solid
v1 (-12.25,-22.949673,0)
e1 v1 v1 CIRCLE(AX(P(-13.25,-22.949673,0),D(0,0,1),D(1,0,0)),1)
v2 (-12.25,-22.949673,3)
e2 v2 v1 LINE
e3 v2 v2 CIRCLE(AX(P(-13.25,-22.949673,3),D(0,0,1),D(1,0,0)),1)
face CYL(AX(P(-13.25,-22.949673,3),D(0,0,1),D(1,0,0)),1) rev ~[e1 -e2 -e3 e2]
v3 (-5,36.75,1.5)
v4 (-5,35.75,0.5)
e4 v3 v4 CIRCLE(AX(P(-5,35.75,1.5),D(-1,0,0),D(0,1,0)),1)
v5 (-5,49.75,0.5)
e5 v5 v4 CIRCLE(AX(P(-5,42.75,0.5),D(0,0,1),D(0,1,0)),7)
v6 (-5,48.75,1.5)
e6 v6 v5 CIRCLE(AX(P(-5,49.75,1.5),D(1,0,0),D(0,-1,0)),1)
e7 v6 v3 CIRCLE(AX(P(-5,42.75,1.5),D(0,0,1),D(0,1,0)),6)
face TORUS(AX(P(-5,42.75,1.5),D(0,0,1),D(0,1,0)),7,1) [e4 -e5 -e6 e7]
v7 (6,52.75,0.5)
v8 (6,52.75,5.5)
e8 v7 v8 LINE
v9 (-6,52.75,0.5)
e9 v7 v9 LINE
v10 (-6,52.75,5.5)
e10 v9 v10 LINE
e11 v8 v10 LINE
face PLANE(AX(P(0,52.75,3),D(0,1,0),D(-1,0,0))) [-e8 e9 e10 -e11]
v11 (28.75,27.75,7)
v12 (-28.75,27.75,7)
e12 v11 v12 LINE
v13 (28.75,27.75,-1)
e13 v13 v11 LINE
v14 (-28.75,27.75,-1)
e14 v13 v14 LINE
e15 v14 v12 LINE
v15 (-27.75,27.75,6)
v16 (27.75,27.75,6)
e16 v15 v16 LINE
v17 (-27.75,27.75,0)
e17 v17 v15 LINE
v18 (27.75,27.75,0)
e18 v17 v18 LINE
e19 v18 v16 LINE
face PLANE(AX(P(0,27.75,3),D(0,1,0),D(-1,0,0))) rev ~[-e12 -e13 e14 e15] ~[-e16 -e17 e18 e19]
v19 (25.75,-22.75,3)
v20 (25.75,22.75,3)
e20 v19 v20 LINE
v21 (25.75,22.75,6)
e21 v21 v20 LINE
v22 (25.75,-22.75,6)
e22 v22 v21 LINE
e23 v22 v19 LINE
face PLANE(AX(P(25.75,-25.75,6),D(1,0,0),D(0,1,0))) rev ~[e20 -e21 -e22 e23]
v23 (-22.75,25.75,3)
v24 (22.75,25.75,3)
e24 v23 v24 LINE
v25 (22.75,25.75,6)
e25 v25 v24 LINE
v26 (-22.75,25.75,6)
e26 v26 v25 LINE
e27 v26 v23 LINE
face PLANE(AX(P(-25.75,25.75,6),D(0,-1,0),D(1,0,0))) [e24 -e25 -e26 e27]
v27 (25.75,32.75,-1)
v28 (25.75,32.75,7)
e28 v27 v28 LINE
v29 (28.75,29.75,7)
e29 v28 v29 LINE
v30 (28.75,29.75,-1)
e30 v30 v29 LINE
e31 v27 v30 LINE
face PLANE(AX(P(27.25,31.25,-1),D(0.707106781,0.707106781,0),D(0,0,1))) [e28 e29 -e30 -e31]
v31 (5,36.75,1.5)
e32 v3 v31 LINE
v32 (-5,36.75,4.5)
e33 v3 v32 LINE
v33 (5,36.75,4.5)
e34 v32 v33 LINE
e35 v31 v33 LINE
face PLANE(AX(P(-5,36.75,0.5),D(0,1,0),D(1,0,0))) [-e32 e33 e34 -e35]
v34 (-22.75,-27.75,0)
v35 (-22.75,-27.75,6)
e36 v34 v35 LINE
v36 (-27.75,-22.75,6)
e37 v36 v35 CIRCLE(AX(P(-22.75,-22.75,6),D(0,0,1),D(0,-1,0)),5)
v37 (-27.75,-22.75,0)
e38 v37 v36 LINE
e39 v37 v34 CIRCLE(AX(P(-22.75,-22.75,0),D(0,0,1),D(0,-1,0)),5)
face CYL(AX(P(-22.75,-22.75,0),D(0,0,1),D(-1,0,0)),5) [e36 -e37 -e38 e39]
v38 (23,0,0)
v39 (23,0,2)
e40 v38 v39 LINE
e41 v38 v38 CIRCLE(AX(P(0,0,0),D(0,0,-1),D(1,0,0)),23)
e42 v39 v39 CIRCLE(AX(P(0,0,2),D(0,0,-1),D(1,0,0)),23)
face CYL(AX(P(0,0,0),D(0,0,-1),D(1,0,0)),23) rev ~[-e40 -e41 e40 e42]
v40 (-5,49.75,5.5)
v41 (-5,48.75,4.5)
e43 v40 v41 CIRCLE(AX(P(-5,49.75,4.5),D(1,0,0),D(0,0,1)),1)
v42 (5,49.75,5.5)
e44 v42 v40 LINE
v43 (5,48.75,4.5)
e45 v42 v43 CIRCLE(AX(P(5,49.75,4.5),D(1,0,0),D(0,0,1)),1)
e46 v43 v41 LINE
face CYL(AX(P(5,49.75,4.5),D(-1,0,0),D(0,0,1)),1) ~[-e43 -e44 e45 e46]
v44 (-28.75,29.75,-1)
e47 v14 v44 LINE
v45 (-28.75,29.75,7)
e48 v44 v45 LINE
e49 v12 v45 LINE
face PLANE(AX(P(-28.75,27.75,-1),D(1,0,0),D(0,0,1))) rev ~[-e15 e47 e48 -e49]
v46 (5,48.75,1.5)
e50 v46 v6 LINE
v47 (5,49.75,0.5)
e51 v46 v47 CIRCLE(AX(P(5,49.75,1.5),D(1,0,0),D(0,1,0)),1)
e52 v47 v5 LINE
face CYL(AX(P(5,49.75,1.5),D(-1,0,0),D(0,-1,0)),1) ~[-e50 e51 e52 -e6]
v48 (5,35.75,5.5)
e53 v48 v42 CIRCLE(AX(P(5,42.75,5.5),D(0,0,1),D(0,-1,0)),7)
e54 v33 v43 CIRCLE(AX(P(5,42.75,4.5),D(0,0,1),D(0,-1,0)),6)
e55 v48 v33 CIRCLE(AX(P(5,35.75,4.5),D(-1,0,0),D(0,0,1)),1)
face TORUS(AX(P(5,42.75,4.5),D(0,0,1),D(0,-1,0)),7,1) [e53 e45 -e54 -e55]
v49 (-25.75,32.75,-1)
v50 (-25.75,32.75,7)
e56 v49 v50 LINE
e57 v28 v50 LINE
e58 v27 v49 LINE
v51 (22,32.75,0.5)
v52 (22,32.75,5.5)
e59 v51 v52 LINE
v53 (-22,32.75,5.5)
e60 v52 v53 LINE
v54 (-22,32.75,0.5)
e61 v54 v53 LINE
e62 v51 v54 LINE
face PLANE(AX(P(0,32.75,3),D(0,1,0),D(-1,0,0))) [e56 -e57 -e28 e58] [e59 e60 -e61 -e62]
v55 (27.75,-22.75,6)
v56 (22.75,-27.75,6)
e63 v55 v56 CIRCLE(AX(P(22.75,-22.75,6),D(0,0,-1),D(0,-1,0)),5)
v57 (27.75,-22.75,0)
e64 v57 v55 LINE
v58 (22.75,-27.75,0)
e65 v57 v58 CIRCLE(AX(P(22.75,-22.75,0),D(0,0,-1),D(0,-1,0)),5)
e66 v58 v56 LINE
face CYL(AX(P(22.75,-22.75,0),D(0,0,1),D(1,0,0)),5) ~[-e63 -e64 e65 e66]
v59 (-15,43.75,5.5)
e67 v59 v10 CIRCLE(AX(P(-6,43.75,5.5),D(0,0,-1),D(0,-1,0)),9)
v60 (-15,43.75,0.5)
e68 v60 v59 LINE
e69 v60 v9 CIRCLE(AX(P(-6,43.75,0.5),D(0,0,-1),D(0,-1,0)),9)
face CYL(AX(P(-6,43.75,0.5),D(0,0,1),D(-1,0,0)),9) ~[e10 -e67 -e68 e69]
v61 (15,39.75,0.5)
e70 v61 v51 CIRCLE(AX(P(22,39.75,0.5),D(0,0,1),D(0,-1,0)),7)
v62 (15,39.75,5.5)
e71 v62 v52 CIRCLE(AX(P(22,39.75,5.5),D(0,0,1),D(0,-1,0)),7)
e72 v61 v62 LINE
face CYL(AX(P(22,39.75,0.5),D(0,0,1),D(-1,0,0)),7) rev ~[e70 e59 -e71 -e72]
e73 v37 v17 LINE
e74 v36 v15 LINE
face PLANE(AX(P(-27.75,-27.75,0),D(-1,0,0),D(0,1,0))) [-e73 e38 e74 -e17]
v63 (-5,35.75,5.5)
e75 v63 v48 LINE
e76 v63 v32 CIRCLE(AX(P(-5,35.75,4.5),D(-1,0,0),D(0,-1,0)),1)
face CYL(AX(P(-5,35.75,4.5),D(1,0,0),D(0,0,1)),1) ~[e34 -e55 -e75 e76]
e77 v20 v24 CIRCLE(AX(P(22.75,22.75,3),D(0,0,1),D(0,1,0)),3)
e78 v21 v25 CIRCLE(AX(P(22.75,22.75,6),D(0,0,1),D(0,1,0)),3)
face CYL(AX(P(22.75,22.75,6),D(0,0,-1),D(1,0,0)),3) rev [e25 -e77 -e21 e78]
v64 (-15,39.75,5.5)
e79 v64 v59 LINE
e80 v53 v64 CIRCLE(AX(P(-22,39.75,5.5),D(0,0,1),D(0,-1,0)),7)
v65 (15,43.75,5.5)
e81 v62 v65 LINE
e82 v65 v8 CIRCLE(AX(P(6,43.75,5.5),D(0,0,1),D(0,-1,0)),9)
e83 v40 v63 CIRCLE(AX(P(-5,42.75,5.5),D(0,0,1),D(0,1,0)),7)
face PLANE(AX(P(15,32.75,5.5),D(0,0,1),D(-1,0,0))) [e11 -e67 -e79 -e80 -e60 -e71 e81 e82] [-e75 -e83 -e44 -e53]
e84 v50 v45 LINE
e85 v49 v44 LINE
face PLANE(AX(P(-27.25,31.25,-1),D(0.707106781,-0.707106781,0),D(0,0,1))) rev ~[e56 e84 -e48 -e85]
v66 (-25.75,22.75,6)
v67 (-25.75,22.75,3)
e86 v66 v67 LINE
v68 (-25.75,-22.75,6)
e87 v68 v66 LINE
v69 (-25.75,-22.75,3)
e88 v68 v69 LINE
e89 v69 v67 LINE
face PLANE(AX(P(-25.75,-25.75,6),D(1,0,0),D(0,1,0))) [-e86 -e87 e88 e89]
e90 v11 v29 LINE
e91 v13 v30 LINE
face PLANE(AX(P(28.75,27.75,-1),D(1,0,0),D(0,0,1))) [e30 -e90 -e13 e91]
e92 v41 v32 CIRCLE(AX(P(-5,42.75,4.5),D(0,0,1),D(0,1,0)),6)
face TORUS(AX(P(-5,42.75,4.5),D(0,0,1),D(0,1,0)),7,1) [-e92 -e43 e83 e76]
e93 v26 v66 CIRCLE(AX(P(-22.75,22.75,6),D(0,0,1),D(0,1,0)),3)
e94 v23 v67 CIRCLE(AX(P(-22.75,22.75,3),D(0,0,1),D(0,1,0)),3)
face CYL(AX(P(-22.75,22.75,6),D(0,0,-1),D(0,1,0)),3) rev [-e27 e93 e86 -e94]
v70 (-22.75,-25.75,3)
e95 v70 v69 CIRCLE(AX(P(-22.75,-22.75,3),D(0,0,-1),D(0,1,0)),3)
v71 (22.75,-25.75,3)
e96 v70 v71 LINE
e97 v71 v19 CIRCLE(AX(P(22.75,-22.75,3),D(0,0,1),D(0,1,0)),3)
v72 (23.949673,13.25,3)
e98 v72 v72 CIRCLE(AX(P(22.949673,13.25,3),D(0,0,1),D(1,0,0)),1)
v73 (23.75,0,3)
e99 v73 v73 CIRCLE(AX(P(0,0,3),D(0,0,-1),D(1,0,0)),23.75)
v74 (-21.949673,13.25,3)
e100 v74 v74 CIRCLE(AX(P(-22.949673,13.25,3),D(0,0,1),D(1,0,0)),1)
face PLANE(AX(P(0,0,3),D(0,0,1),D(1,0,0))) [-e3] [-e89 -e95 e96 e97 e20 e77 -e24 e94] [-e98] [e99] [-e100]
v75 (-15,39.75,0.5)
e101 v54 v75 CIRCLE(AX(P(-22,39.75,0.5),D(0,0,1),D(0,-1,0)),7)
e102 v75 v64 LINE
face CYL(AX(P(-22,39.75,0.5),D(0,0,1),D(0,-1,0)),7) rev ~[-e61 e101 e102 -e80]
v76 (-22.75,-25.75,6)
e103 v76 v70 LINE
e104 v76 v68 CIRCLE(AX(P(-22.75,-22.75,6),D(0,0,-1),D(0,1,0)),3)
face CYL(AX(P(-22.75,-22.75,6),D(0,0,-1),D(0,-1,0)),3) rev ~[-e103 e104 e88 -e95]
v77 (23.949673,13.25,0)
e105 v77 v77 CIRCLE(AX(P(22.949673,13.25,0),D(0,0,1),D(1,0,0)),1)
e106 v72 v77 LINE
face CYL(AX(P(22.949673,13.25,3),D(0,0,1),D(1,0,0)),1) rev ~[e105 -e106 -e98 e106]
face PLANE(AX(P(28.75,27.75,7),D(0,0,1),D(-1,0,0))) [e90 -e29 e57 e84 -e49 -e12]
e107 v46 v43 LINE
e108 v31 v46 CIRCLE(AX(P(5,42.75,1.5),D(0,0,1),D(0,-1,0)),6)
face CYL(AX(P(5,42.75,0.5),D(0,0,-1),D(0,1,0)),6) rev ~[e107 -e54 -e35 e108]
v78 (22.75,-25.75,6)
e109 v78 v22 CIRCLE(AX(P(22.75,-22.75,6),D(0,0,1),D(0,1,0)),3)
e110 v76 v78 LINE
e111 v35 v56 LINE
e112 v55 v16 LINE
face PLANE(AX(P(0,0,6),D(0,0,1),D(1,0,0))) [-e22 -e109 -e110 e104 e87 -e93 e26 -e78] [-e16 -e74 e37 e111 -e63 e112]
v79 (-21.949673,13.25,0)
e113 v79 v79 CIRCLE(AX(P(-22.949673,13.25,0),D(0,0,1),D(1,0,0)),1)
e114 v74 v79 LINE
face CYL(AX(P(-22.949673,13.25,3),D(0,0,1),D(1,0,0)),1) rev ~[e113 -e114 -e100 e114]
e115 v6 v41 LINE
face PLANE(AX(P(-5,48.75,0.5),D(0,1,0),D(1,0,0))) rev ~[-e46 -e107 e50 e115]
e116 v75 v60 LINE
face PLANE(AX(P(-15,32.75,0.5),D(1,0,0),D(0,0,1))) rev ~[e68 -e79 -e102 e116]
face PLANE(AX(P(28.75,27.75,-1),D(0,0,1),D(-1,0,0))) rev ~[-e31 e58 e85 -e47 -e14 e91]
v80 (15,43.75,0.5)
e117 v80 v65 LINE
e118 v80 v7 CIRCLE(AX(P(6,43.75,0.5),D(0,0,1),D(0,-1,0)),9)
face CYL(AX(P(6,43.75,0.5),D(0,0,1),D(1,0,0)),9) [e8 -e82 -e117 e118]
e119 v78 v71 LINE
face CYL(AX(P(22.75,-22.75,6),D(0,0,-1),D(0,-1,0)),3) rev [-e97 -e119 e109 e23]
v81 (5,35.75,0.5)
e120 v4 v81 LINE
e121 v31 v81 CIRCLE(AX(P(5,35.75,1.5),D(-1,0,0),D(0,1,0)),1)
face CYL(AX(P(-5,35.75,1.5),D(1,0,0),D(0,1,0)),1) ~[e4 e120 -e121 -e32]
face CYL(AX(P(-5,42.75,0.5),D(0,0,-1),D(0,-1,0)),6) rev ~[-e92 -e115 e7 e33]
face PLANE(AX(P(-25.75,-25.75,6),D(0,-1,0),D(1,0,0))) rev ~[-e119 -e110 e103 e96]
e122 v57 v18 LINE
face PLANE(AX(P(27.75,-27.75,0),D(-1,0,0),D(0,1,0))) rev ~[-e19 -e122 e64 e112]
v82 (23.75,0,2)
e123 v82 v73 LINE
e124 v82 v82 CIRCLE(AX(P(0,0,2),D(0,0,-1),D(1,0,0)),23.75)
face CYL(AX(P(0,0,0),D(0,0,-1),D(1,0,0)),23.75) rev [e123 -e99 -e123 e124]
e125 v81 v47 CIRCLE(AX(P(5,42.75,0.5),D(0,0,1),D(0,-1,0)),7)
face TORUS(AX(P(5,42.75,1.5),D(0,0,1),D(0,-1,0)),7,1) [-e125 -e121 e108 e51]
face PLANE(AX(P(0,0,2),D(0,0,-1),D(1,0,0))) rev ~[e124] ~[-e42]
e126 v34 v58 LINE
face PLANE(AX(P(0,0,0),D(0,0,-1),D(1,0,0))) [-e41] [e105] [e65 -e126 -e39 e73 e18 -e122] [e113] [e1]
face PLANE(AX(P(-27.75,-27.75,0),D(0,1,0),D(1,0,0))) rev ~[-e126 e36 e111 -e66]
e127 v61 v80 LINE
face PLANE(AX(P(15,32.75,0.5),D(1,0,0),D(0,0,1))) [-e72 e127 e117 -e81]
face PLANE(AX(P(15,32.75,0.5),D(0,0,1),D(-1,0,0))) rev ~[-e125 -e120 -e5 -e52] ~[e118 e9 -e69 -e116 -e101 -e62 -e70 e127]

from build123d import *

# Parameters (mm, degrees)
SKETCH_W        = 55.5
SKETCH_H        = 55.5
SKETCH_R        = 23.75
PAD_DEPTH       = 6
SKETCH001_W     = 57.5
SKETCH001_H     = 8
PAD001_DEPTH    = 5
SKETCH002_W     = 30
SKETCH002_H     = 5
PAD002_DEPTH    = 20
FILLET_R        = 5
POCKET_DEPTH    = 6
FILLET001_R     = 9
FILLET002_R     = 7
CHAMFER_SIZE    = 3
SKETCH004_R     = 23.75
SKETCH004_R_2   = 23
PAD003_DEPTH    = 2
SKETCH005_W     = 51.5
SKETCH005_H     = 51.5
POCKET001_DEPTH = 3
SKETCH006_R     = 1
POCKET002_DEPTH = 6
FILLET003_R     = 1
FILLET004_R     = 1
FILLET005_R     = 3


with BuildPart() as part:
    # Sketch → Pad (new body)
    with BuildSketch(Plane.XY):
        Rectangle(SKETCH_W, SKETCH_H)
        Circle(SKETCH_R, mode=Mode.SUBTRACT)
    extrude(amount=PAD_DEPTH)

    # Sketch001 → Pad001 (new body)
    with BuildSketch(Plane(origin=(0, 27.75, 0), x_dir=(-1, 0, 0), z_dir=(0, 1, 0))):
        with Locations((0, 3)):
            Rectangle(SKETCH001_W, SKETCH001_H)
    extrude(amount=PAD001_DEPTH)

    # Sketch002 → Pad002 (new body)
    with BuildSketch(Plane(origin=(0, 32.75, 0), x_dir=(-1, 0, 0), z_dir=(0, 1, 0))):
        with Locations((0, 3)):
            Rectangle(SKETCH002_W, SKETCH002_H)
    extrude(amount=PAD002_DEPTH)

    # Fillet
    fillet_edges = [part.edges().sort_by_distance(p)[0] for p in [
        (-27.75, -27.75, 3),
        (27.75, -27.75, 3),
    ]]
    fillet(fillet_edges, radius=FILLET_R)

    # Sketch003 → Pocket (cut)
    with BuildSketch(Plane(origin=(0, 0, 0.5), x_dir=(1, 0, 0), z_dir=(0, 0, -1))):
        with BuildLine():
            ThreePointArc((-5, -36.75), (-11, -42.75), (-5, -48.75))
            Line((-5, -48.75), (5, -48.75))
            ThreePointArc((5, -48.75), (11, -42.75), (5, -36.75))
            Line((-5, -36.75), (5, -36.75))
        make_face()
    extrude(amount=-POCKET_DEPTH, mode=Mode.SUBTRACT)

    # Fillet001
    fillet001_edges = [part.edges().sort_by_distance(p)[0] for p in [
        (15, 52.75, 3),
        (-15, 52.75, 3),
    ]]
    fillet(fillet001_edges, radius=FILLET001_R)

    # Fillet002
    fillet002_edges = [part.edges().sort_by_distance(p)[0] for p in [
        (15, 32.75, 3),
        (-15, 32.75, 3),
    ]]
    fillet(fillet002_edges, radius=FILLET002_R)

    # Chamfer
    chamfer_edges = [part.edges().sort_by_distance(p)[0] for p in [
        (-28.75, 32.75, 3),
        (28.75, 32.75, 3),
    ]]
    chamfer(chamfer_edges, length=CHAMFER_SIZE)

    # Sketch004 → Pad003 (new body)
    with BuildSketch(Plane(origin=(0, 0, 0), x_dir=(1, 0, 0), z_dir=(0, 0, -1))):
        Circle(SKETCH004_R)
        Circle(SKETCH004_R_2, mode=Mode.SUBTRACT)
    extrude(amount=-PAD003_DEPTH)

    # Sketch005 → Pocket001 (cut)
    with BuildSketch(Plane.XY.offset(6)):
        Rectangle(SKETCH005_W, SKETCH005_H)
    extrude(amount=-POCKET001_DEPTH, mode=Mode.SUBTRACT)

    # Sketch006 → Pocket002 (cut)
    with BuildSketch(Plane.XY.offset(3)):
        with Locations((-22.949673, 13.25)):
            Circle(SKETCH006_R)
        with Locations((22.949673, 13.25)):
            Circle(SKETCH006_R)
        with Locations((-13.25, -22.949673)):
            Circle(SKETCH006_R)
    extrude(amount=-POCKET002_DEPTH, mode=Mode.SUBTRACT)

    # Fillet003
    fillet003_edges = [part.edges().sort_by_distance(p)[0] for p in [
        (0, 48.75, 5.5),
    ]]
    fillet(fillet003_edges, radius=FILLET003_R)

    # Fillet004
    fillet004_edges = [part.edges().sort_by_distance(p)[0] for p in [
        (0, 36.75, 0.5),
    ]]
    fillet(fillet004_edges, radius=FILLET004_R)

    # Fillet005
    fillet005_edges = [part.edges().sort_by_distance(p)[0] for p in [
        (-25.75, -25.75, 4.5),
        (25.75, -25.75, 4.5),
        (25.75, 25.75, 4.5),
        (-25.75, 25.75, 4.5),
    ]]
    fillet(fillet005_edges, radius=FILLET005_R)


solid = part.part
